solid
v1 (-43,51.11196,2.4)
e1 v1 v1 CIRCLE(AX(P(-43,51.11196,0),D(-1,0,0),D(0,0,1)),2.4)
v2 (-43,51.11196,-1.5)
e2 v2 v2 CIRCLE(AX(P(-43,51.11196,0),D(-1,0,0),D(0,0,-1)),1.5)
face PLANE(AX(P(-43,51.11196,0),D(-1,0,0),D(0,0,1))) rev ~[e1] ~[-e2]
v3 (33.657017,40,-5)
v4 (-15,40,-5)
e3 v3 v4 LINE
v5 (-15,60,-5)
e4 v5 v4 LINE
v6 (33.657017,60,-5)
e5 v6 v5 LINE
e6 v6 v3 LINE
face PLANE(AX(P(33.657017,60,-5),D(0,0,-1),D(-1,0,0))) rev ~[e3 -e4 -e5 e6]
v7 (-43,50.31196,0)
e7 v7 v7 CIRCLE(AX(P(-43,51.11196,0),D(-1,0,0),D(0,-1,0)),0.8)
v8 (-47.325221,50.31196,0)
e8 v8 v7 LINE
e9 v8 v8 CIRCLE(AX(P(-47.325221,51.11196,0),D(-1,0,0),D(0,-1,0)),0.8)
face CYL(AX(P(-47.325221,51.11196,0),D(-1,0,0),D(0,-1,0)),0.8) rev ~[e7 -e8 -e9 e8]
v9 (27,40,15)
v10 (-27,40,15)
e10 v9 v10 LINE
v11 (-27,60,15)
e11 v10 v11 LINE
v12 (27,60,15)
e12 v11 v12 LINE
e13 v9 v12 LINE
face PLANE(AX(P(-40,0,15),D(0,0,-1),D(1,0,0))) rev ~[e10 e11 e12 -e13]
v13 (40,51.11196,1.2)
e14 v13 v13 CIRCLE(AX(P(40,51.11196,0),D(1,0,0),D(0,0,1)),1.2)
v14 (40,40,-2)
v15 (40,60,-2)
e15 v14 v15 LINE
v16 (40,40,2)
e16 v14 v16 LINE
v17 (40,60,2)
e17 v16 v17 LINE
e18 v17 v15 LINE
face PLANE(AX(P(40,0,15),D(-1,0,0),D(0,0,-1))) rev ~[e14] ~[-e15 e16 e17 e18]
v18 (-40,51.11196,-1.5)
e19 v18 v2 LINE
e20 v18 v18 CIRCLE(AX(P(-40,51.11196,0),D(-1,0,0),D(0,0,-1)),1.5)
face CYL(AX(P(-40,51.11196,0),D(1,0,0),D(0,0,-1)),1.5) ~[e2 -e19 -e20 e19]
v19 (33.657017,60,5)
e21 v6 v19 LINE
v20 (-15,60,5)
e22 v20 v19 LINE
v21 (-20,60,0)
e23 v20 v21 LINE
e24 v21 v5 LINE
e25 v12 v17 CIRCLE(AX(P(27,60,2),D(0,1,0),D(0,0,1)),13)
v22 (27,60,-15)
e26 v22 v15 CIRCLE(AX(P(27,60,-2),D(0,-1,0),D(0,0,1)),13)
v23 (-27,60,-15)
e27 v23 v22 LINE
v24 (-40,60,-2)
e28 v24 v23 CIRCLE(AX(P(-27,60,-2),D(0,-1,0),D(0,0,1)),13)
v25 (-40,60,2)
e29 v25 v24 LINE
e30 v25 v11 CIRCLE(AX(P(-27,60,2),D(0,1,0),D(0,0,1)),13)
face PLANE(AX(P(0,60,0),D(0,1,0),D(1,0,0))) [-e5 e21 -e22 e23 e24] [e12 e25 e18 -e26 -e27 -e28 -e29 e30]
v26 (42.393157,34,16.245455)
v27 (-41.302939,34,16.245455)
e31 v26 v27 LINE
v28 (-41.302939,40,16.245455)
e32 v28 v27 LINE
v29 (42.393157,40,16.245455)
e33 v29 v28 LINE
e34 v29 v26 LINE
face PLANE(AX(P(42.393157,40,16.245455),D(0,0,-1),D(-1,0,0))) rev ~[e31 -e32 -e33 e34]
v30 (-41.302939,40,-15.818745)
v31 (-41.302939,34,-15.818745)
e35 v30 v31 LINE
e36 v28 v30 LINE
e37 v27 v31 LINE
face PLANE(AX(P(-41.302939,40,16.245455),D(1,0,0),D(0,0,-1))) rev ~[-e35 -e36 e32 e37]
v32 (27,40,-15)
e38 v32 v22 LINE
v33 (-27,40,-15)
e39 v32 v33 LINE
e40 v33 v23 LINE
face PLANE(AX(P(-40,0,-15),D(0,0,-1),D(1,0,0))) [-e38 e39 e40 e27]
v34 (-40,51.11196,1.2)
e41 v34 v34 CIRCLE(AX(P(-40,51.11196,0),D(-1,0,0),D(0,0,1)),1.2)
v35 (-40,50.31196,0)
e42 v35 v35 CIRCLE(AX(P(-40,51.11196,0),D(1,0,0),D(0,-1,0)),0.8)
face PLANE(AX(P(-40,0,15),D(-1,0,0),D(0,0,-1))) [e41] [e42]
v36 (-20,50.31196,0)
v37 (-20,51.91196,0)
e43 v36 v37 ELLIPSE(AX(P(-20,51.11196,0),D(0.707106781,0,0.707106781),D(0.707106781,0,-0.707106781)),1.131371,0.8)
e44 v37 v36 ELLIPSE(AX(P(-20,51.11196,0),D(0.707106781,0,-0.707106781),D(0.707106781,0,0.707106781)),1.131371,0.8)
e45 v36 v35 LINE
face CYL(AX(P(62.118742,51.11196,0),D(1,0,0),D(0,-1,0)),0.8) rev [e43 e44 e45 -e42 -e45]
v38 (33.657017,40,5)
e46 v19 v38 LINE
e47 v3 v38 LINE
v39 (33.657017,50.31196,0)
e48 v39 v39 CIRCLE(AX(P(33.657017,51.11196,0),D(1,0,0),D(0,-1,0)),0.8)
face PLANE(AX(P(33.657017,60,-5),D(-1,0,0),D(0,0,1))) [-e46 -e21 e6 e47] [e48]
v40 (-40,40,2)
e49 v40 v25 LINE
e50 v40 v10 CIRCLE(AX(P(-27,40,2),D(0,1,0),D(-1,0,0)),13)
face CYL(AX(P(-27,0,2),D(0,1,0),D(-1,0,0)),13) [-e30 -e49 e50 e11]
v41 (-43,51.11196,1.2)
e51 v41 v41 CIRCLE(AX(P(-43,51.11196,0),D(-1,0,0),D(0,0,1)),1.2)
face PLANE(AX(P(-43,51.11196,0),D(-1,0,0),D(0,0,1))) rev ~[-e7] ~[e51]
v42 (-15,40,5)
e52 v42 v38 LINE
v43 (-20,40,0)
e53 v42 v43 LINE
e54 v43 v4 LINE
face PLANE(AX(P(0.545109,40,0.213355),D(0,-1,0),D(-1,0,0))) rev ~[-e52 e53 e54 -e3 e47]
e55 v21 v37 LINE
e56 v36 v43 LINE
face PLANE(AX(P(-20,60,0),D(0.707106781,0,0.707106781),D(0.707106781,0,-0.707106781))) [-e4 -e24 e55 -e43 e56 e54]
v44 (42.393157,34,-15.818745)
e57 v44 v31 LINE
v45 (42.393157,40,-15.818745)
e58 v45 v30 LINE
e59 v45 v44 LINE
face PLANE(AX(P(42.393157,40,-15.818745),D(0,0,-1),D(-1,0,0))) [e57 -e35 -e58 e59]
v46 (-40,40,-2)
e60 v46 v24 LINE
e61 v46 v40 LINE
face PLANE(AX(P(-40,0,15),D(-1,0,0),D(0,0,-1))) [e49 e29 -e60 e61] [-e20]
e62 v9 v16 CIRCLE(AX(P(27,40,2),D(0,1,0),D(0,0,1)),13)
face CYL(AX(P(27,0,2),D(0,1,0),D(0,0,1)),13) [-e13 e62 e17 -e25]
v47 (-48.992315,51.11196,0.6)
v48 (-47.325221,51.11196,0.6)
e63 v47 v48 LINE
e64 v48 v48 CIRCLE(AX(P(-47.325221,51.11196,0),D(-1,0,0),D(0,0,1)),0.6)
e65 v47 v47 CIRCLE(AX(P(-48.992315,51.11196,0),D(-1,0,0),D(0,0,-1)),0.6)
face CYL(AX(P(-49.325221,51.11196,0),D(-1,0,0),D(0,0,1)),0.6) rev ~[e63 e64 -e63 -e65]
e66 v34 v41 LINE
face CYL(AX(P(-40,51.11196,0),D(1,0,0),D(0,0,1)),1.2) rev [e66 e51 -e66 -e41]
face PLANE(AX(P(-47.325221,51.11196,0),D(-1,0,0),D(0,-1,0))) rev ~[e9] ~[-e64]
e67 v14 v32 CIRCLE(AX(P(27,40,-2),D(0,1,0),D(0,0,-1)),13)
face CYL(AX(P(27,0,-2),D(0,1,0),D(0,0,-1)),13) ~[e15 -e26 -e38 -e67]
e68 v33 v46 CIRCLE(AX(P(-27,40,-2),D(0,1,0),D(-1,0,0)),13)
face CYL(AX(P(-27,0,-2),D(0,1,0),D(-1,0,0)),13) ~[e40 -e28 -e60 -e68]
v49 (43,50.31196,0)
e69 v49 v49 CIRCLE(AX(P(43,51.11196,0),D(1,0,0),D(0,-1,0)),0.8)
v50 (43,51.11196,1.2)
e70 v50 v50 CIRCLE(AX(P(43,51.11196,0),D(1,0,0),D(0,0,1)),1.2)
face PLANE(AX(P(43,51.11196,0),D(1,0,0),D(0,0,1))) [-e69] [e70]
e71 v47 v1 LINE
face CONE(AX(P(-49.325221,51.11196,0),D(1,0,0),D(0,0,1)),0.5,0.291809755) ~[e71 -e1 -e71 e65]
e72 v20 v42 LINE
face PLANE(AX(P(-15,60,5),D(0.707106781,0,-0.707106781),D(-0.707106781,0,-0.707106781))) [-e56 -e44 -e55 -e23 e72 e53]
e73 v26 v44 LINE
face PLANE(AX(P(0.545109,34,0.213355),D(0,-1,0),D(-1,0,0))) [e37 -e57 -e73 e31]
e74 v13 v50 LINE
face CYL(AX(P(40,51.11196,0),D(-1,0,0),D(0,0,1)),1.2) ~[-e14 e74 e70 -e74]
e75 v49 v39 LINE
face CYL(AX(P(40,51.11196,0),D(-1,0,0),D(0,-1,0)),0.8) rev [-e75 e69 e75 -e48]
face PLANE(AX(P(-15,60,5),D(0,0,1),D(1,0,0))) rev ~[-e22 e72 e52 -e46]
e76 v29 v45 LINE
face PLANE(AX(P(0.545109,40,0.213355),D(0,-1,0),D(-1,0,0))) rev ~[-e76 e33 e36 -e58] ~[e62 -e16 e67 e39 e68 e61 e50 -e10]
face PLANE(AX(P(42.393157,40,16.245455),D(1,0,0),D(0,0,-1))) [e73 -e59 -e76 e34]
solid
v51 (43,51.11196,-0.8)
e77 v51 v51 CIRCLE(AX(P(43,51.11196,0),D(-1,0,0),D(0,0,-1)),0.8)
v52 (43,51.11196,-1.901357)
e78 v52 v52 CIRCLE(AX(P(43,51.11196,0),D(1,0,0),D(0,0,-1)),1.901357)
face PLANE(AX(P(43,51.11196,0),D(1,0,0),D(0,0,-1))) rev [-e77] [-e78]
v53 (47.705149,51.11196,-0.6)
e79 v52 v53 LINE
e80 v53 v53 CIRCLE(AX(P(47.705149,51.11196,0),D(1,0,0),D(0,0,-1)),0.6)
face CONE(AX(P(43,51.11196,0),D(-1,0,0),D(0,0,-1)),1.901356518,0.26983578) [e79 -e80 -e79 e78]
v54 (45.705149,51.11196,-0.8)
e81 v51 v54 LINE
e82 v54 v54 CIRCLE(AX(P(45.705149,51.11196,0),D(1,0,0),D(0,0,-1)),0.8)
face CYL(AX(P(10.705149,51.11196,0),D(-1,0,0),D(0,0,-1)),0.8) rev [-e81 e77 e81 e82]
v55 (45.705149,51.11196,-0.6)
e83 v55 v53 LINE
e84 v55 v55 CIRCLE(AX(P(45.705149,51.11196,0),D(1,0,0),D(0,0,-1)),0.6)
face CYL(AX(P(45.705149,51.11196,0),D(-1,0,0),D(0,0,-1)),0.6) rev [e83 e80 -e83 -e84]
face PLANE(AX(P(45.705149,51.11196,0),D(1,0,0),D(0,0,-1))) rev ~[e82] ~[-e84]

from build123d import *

# Parameters (mm, degrees)
SKETCH1_W               = 80
SKETCH1_H               = 30
BOSS_EXTRUDE1_DEPTH     = 60
CUT_EXTRUDE1_DEPTH      = 75
CUT_EXTRUDE2_DEPTH      = 102.118742081
CUT_EXTRUDE2_DEPTH_BACK = 102.118742081
SKETCH3_R               = 0.8
SKETCH4_R               = 1.5
SKETCH4_R_2             = 1.2
BOSS_EXTRUDE2_DEPTH     = 3
SKETCH7_R               = 0.6
CUT_EXTRUDE3_DEPTH      = 2
SKETCH8_R               = 0.8
CUT_EXTRUDE4_DEPTH      = 53
FILLET1_R               = 13
SKETCH9_R               = 1.2
SKETCH9_R_2             = 0.8
BOSS_EXTRUDE3_DEPTH     = 3
CUT_EXTRUDE5_START      = -2
SKETCH12_R              = 0.6
CUT_EXTRUDE5_DEPTH      = 2
CUT_EXTRUDE6_START      = -35
SKETCH14_R              = 0.8
CUT_EXTRUDE6_DEPTH      = 35
SKETCH15_W              = 83.696095513
SKETCH15_H              = 31.69844841
CUT_EXTRUDE7_DEPTH      = 50
SKETCH16_W              = 83.696095513
SKETCH16_H              = 32.064199738
BOSS_EXTRUDE4_DEPTH     = 6


with BuildPart() as part:
    # Sketch1 → Boss-Extrude1 (new body)
    with BuildSketch(Plane(origin=(0, 0, 0), x_dir=(1, 0, 0), z_dir=(0, 1, 0))):
        Rectangle(SKETCH1_W, SKETCH1_H)
    extrude(amount=BOSS_EXTRUDE1_DEPTH)

    # Sketch2 → Cut-Extrude1 (cut)
    with BuildSketch(Plane(origin=(0, 60, 0), x_dir=(1, 0, 0), z_dir=(0, 1, 0))):
        Polygon((-15, 5), (15, 5), (33.657016573, 5), (33.657016573, -5), (15, -5), (-15, -5), (-20, 0), align=None)
    extrude(amount=-CUT_EXTRUDE1_DEPTH, mode=Mode.SUBTRACT)

    # Sketch3 → Cut-Extrude2 (cut, two sides: drawn at the far end of the back side and taken through both)
    with BuildSketch(Plane.ZY.offset(40).offset(-CUT_EXTRUDE2_DEPTH_BACK)):
        with Locations(Location((0, 51.111959895, 0), (0, 0, 270))):
            Circle(SKETCH3_R)
    extrude(amount=CUT_EXTRUDE2_DEPTH + CUT_EXTRUDE2_DEPTH_BACK, mode=Mode.SUBTRACT)

    # Sketch4 → Boss-Extrude2 (add)
    with BuildSketch(Plane.ZY.offset(40)):
        with Locations(Location((0, 51.111959895, 0), (0, 0, 180))):
            Circle(SKETCH4_R)
        with Locations((0, 51.111959895)):
            Circle(SKETCH4_R_2, mode=Mode.SUBTRACT)
    extrude(amount=BOSS_EXTRUDE2_DEPTH)

    # Sketch6 → Revolve1 (revolve)
    with BuildSketch(Plane.XY, mode=Mode.PRIVATE) as revolve1_sk:
        Polygon((-43, 51.111959895), (-49.325220868, 51.111959895), (-49.325220868, 51.611959895), (-43, 53.511959895), align=None)
    revolve(revolve1_sk.sketch.rotate(Axis((-43, 51.111959895, 0), (-1, 0, 0)), 270), axis=Axis((-43, 51.111959895, 0), (-1, 0, 0)))

    # Sketch7 → Cut-Extrude3 (cut)
    with BuildSketch(Plane.ZY.offset(49.325220868)):
        with Locations((0, 51.111959895)):
            Circle(SKETCH7_R)
    extrude(amount=-CUT_EXTRUDE3_DEPTH, mode=Mode.SUBTRACT)

    # Sketch8 → Cut-Extrude4 (cut)
    with BuildSketch(Plane.ZY.offset(47.325220868)):
        with Locations(Location((0, 51.111959895, 0), (0, 0, 270))):
            Circle(SKETCH8_R)
    extrude(amount=-CUT_EXTRUDE4_DEPTH, mode=Mode.SUBTRACT)

    # Fillet1
    fillet1_edges = [part.edges().sort_by_distance(p)[0] for p in [
        (40, 30, 15),
        (-40, 30, 15),
        (-40, 30, -15),
        (40, 30, -15),
    ]]
    fillet(fillet1_edges, radius=FILLET1_R)

    # Sketch9 → Boss-Extrude3 (add)
    with BuildSketch(Plane(origin=(40, 0, 0), x_dir=(0, 0, -1), z_dir=(1, 0, 0))):
        with Locations(Location((0, 51.111959895, 0), (0, 0, 180))):
            Circle(SKETCH9_R)
        with Locations(Location((0, 51.111959895, 0), (0, 0, 270))):
            Circle(SKETCH9_R_2, mode=Mode.SUBTRACT)
    extrude(amount=BOSS_EXTRUDE3_DEPTH)

    # Sketch15 → Cut-Extrude7 (cut)
    with BuildSketch(Plane(origin=(0, -10, 0), x_dir=(-1, 0, 0), z_dir=(0, -1, 0))):
        with Locations((-0.057440767, 0.030479277)):
            Rectangle(SKETCH15_W, SKETCH15_H)
    extrude(amount=-CUT_EXTRUDE7_DEPTH, mode=Mode.SUBTRACT)

    # Sketch16 → Boss-Extrude4 (add)
    with BuildSketch(Plane(origin=(0, 40, 0), x_dir=(-1, 0, 0), z_dir=(0, -1, 0))):
        with Locations((-0.545109204, -0.213354941)):
            Rectangle(SKETCH16_W, SKETCH16_H)
    extrude(amount=BOSS_EXTRUDE4_DEPTH)


with BuildPart() as body_2:
    # Sketch11 → Revolve2 (revolve)
    with BuildSketch(Plane.XY, mode=Mode.PRIVATE) as revolve2_sk:
        Polygon((43, 51.111959895), (43, 53.013316413), (47.705149283, 51.711959895), (47.705149283, 51.111959895), align=None)
    revolve(revolve2_sk.sketch.rotate(Axis((43, 51.111959895, 0), (1, 0, 0)), 270), axis=Axis((43, 51.111959895, 0), (1, 0, 0)))

    # Sketch12 → Cut-Extrude5 (cut)
    with BuildSketch(Plane(origin=(47.705149283, 0, 0), x_dir=(0, 0, -1), z_dir=(1, 0, 0)).offset(CUT_EXTRUDE5_START)):
        with Locations((0, 51.111959895)):
            Circle(SKETCH12_R)
    extrude(amount=CUT_EXTRUDE5_DEPTH, mode=Mode.SUBTRACT)

    # Sketch14 → Cut-Extrude6 (cut)
    with BuildSketch(Plane(origin=(45.705149283, 0, 0), x_dir=(0, 0, -1), z_dir=(1, 0, 0)).offset(CUT_EXTRUDE6_START)):
        with Locations((0, 51.111959895)):
            Circle(SKETCH14_R)
    extrude(amount=CUT_EXTRUDE6_DEPTH, mode=Mode.SUBTRACT)


solid = Compound([part.part, body_2.part])
